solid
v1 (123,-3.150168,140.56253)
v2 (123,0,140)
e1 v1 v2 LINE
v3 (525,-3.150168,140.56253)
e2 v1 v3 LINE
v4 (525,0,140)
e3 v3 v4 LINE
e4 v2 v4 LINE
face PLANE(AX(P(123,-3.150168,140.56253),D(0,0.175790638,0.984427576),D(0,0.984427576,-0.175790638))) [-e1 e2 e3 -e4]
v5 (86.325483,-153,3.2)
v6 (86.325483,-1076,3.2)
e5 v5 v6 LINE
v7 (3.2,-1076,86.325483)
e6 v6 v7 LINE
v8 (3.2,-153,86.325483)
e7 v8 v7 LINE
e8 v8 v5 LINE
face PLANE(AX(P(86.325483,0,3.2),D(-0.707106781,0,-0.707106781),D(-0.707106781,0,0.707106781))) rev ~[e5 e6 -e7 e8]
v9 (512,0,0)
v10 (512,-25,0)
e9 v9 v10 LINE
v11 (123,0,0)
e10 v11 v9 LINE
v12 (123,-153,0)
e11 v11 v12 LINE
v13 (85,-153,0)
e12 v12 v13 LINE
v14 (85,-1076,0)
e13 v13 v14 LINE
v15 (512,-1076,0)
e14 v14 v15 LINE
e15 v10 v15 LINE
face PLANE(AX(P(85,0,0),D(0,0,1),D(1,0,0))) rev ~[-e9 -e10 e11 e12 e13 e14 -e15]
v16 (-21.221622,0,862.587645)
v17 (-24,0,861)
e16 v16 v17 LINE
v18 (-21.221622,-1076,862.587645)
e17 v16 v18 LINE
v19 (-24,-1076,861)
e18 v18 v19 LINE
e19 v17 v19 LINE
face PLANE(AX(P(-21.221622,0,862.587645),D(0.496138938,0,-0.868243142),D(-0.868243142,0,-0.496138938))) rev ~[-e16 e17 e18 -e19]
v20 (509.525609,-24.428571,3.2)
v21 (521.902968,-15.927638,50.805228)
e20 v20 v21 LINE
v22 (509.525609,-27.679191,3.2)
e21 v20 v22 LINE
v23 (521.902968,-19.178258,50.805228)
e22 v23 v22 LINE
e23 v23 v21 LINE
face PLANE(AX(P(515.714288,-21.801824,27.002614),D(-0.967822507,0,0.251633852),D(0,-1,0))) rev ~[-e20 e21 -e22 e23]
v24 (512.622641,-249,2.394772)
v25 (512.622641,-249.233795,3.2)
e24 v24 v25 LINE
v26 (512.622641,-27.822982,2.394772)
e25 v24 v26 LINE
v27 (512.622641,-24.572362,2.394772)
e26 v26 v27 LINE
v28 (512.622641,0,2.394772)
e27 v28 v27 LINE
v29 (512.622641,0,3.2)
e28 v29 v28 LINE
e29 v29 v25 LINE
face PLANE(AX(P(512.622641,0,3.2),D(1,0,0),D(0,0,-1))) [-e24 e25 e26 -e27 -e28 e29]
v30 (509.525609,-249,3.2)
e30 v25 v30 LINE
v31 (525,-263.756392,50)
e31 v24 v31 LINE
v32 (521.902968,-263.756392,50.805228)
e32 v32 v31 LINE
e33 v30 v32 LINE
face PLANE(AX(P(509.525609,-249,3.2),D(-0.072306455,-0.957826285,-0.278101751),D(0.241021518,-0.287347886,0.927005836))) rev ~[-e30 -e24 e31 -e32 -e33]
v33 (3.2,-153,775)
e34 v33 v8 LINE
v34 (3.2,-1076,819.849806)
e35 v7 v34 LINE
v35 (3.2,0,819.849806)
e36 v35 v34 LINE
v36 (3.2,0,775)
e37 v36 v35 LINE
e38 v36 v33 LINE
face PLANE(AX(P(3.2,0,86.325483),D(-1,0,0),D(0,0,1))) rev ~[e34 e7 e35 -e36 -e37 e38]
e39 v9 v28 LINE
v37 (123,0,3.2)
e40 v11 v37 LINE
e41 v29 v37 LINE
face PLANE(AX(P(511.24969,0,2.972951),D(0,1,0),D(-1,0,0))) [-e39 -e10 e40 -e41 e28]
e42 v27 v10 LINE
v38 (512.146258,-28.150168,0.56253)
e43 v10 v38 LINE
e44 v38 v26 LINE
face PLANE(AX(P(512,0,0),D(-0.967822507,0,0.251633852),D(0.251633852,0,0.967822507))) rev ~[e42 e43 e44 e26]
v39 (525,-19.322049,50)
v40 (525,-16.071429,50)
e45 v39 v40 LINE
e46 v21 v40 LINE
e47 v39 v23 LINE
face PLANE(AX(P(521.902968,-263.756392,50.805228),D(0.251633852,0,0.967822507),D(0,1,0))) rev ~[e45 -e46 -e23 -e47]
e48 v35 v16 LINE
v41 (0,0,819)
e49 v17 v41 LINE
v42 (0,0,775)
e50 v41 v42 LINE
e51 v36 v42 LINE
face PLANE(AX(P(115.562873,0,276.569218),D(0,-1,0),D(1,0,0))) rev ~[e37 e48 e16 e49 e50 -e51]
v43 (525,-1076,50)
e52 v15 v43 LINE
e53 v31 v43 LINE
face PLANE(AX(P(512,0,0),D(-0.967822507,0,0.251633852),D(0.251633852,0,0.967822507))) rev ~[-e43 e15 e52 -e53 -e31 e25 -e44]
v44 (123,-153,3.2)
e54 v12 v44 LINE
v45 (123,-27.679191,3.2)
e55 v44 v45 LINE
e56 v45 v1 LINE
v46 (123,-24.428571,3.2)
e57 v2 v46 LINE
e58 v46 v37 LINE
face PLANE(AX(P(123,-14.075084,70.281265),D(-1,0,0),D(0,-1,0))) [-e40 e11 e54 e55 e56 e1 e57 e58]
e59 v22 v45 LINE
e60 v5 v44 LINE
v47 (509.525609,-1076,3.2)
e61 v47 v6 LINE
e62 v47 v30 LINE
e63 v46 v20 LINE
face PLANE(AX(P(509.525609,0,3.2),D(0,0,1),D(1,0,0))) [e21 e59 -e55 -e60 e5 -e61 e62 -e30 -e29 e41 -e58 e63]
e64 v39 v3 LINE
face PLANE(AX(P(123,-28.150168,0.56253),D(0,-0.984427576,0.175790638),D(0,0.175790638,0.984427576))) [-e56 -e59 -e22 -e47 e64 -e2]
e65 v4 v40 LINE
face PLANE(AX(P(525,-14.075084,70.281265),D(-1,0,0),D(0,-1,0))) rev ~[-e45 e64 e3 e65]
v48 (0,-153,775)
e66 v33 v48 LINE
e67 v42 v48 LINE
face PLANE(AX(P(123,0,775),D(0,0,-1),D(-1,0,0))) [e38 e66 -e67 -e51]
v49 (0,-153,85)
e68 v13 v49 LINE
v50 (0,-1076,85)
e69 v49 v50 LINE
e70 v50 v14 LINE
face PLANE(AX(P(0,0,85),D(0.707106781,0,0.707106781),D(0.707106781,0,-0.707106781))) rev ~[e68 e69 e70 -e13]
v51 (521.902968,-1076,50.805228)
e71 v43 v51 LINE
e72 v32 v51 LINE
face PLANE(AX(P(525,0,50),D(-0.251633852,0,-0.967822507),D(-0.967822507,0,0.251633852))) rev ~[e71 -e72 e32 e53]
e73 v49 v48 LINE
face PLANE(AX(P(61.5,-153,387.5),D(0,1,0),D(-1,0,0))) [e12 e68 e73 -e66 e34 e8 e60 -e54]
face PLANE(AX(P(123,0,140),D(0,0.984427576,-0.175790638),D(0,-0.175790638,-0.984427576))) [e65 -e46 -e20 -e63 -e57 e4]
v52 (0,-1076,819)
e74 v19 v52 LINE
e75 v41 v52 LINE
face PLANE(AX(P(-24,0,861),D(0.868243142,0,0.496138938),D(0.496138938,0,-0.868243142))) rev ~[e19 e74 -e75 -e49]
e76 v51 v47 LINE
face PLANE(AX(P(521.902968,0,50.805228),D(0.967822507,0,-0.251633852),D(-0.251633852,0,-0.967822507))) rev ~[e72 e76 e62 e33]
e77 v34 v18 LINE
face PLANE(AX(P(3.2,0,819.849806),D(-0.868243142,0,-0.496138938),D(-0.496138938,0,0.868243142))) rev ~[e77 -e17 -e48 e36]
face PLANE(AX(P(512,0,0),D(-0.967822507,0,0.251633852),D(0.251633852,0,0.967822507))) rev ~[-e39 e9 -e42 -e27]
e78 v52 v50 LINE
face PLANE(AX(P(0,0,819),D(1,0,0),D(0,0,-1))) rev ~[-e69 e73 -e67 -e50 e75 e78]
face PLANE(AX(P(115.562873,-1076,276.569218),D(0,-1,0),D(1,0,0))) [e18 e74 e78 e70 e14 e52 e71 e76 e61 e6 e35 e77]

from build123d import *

# Parameters (mm, degrees)
F1_DEPTH  = 1076
F2_W      = 123
F2_H      = 775
F3_DEPTH  = 153
F5_DEPTH  = 402
F7_DEPTH  = 25
F9_DEPTH  = 50
F11_DEPTH = 260


with BuildPart() as f1:
    # F0 (on Front) → F1 (new body)
    with BuildSketch(Plane.XZ):
        Polygon((0, 819), (0, 85), (85, 0), (512, 0), (525, 50), (521.9029679783, 50.8052283256), (509.5256086136, 3.2), (86.3254833996, 3.2), (3.2, 86.3254833996), (3.2, 819.8498061986), (-21.2216219452, 862.5876446027), (-24, 861), align=None)
    extrude(amount=F1_DEPTH)

    # F2 (on face) → F3 (cut)
    with BuildSketch(Plane(origin=(0, 0, 0), x_dir=(-1, 0, 0), z_dir=(0, 1, 0))):
        with Locations((-61.5, 387.5)):
            Rectangle(F2_W, F2_H)
    extrude(amount=-F3_DEPTH, mode=Mode.SUBTRACT)

    # F4 (on face) → F5 (join)
    with BuildSketch(Plane(origin=(123, 0, 0), x_dir=(0, -1, 0), z_dir=(-1, 0, 0))):
        Polygon((0, 140), (25, 0), (28.1501682416, 0.5625300431), (3.1501682416, 140.5625300431), align=None)
    extrude(amount=-F5_DEPTH)

    # F6 (on face) → F7 (cut)
    with BuildSketch(Plane(origin=(476.483335157, 0, -123.8856671408), x_dir=(0, -1, 0), z_dir=(-0.9678225068, 0, 0.2516338518))):
        Polygon((15.927637799, 180.498897516), (24.4285714286, 131.31092349), (27.6760096229, 131.31092349), (19.1750759933, 180.498897516), align=None)
        Polygon((19.1750759933, 180.498897516), (27.6760096229, 131.31092349), (249, 131.31092349), (263.7563922078, 180.498897516), align=None)
        Polygon((0, 180.498897516), (0, 131.31092349), (24.4285714286, 131.31092349), (15.927637799, 180.498897516), align=None)
    extrude(amount=-F7_DEPTH, mode=Mode.SUBTRACT)

    # F8 (on face) → F9 (cut)
    with BuildSketch(Plane(origin=(0, 0, 0), x_dir=(-1, 0, 0), z_dir=(0, 1, 0))):
        Polygon((-525.584936142, 0), (-512, 0), (-513.4268980016, 5.488069237), align=None)
    extrude(amount=-F9_DEPTH, mode=Mode.SUBTRACT)

    # F10 (on face) → F11 (join)
    with BuildSketch(Plane(origin=(0, 0, 0), x_dir=(-1, 0, 0), z_dir=(0, 1, 0))):
        Polygon((-512.6226406353, 2.3947716744), (-509.5256086136, 3.2), (-512.6226406353, 3.2), align=None)
    extrude(amount=-F11_DEPTH)


solid = f1.part
